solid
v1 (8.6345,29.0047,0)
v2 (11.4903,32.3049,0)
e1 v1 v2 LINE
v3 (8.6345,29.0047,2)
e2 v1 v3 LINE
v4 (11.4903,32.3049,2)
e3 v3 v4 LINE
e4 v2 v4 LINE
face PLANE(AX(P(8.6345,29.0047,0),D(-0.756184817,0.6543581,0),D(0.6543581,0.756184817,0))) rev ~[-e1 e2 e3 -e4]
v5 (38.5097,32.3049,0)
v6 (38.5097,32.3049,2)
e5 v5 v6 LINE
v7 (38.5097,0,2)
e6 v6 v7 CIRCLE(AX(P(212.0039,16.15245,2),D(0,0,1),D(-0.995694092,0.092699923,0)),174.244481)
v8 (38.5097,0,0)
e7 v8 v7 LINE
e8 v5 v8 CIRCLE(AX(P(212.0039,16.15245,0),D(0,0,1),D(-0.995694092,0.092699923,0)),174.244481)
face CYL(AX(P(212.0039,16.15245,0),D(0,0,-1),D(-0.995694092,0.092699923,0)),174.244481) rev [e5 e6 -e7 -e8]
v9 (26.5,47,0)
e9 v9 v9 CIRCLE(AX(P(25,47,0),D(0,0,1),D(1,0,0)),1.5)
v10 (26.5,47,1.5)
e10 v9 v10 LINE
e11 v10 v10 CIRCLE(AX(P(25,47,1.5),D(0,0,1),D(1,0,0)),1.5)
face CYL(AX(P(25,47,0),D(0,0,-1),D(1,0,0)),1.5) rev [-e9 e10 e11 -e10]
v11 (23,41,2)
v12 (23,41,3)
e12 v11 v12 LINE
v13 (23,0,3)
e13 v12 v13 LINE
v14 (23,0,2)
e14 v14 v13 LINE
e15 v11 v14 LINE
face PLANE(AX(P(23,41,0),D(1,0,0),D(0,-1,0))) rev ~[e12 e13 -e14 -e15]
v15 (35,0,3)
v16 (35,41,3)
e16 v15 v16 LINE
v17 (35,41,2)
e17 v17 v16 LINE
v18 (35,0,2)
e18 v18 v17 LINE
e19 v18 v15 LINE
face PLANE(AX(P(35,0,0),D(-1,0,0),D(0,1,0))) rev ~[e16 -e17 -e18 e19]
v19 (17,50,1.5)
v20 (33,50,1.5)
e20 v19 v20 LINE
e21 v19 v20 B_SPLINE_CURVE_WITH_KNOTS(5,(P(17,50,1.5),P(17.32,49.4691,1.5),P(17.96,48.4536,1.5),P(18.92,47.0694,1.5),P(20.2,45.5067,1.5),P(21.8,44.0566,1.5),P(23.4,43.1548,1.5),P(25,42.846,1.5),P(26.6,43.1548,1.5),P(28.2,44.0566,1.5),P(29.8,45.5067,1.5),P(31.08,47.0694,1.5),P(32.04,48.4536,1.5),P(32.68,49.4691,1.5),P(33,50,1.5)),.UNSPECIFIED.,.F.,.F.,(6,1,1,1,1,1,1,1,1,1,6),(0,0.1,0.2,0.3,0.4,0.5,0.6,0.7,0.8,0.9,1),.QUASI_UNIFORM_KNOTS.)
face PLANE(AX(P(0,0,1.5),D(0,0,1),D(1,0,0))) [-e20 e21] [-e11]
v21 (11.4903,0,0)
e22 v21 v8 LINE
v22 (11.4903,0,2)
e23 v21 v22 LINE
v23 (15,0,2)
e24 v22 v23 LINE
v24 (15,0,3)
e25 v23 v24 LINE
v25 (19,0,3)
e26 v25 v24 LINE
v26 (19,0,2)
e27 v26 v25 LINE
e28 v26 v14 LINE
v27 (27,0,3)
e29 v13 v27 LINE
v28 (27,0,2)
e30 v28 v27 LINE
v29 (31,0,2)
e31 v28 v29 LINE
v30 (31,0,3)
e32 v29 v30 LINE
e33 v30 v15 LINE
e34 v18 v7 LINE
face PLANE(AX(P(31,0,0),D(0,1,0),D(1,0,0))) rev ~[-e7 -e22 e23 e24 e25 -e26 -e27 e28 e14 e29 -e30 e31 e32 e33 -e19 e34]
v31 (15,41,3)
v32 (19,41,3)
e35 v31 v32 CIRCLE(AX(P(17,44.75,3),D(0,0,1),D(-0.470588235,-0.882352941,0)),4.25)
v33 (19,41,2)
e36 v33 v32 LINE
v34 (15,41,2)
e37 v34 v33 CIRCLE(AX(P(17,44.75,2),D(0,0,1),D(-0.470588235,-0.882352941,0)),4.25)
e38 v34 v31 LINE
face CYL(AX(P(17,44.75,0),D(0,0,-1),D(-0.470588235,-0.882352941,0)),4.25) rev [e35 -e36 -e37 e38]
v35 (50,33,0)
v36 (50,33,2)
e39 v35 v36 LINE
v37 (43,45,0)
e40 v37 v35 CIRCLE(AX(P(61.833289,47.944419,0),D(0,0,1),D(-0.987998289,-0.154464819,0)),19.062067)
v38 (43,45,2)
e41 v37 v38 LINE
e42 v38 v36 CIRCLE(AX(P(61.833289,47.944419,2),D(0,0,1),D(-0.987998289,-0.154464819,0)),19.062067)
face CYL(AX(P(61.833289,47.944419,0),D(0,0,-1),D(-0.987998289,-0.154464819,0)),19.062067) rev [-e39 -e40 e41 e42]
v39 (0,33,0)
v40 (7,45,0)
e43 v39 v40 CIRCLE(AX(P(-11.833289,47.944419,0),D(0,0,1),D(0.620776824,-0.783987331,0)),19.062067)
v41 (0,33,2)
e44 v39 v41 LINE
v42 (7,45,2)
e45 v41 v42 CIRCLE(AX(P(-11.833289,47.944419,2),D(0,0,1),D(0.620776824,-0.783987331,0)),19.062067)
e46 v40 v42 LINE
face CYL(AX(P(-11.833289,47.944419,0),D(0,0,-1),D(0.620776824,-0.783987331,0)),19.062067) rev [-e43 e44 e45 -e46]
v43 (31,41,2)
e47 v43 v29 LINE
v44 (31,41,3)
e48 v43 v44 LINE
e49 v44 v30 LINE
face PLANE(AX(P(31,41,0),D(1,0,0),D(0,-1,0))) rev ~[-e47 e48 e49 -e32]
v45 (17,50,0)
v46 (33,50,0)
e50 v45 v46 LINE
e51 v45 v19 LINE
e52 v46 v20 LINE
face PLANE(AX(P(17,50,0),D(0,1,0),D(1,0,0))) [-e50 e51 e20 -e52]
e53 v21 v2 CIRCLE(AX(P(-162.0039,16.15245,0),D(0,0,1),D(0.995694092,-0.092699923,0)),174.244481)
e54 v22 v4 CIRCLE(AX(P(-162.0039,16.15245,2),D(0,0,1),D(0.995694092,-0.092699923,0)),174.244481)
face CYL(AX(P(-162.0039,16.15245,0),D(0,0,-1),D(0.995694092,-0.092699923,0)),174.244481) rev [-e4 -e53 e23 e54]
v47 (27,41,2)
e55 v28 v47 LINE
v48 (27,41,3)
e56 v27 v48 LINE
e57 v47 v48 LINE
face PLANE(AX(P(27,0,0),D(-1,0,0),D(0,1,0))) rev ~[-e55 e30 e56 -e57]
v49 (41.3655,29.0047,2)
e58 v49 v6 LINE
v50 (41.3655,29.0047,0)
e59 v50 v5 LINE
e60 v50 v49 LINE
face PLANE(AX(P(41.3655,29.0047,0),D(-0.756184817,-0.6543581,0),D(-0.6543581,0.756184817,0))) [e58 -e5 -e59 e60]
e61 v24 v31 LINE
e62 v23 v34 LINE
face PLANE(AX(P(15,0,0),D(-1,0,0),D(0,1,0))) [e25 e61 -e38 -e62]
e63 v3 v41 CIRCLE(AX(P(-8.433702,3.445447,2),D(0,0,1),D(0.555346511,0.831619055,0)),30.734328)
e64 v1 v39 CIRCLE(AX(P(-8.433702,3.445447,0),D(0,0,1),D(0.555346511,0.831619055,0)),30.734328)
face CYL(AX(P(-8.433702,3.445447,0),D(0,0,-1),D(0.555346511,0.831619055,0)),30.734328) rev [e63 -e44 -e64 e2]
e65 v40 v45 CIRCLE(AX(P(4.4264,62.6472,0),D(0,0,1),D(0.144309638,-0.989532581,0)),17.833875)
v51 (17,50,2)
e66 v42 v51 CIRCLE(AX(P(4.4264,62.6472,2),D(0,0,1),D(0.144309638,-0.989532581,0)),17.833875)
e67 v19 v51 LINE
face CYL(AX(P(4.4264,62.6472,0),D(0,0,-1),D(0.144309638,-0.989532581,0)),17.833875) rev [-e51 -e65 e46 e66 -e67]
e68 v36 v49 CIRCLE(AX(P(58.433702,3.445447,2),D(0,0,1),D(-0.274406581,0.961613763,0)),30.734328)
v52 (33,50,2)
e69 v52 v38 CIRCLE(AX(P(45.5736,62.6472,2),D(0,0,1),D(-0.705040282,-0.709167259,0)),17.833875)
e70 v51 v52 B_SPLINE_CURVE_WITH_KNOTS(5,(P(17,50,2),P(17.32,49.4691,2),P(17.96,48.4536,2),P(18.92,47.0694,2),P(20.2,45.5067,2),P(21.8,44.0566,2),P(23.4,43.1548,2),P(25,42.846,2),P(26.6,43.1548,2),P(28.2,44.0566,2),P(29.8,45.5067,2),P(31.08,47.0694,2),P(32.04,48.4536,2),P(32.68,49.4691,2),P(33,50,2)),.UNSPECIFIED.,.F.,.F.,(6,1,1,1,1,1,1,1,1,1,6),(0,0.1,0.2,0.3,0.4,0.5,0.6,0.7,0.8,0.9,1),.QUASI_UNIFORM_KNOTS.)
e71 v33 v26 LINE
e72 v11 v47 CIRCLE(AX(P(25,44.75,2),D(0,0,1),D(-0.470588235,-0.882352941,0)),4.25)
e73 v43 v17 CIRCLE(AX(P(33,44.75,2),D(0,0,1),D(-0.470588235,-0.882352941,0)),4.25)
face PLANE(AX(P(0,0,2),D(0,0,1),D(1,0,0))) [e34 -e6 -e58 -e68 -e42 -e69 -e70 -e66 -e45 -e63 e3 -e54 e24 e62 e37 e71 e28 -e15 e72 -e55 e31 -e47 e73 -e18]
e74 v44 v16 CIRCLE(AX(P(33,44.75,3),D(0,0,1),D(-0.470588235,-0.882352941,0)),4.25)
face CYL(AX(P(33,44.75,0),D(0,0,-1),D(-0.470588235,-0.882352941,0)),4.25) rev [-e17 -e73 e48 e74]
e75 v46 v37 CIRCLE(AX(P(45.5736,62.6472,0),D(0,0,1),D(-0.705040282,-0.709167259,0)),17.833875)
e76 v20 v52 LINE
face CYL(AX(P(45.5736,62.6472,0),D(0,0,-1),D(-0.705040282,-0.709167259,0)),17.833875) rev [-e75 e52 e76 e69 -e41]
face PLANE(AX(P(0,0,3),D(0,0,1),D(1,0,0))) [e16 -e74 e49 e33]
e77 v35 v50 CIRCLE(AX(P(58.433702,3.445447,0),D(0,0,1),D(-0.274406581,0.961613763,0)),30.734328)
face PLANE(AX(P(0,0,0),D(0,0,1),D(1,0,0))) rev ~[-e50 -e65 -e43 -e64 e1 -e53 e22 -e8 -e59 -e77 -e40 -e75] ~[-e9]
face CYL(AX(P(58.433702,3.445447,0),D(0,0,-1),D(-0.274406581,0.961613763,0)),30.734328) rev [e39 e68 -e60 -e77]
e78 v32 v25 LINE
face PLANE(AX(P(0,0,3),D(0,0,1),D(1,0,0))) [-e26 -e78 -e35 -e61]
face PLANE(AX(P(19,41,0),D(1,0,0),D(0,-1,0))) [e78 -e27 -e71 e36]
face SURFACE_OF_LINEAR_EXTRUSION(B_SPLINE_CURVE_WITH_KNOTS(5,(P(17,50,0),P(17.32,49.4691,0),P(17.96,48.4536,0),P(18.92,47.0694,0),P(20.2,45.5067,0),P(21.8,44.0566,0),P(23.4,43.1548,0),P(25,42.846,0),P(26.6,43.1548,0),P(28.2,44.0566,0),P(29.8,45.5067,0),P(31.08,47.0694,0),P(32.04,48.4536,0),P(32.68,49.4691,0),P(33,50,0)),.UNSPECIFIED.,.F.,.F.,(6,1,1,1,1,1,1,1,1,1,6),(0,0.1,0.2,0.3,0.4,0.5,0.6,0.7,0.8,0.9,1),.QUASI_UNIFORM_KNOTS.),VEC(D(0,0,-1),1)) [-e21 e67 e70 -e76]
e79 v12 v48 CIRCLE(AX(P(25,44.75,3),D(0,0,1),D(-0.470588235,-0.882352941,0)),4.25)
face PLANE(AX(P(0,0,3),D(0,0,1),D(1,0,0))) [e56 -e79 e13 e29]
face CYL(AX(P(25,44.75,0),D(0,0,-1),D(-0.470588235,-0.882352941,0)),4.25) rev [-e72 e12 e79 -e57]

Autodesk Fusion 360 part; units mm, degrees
sketch "Boceto1" plane through (0, 0, 0) normal (0, 0, 1) x (1, 0, 0)
  spline S0 degree 5 poles (17, 50) (17.32, 49.4691) (17.96, 48.4536) (18.92, 47.0694) (20.2, 45.5067) (21.8, 44.0566) (23.4, 43.1548) (25, 42.846) (26.6, 43.1548) (28.2, 44.0566) (29.8, 45.5067) (31.08, 47.0694) (32.04, 48.4536) (32.68, 49.4691) (33, 50) knots 0 0 0 0 0 0 0.1 0.2 0.3 0.4 0.5 0.6 0.7 0.8 0.9 1 1 1 1 1 1
  line L0 (25, 43) -> (25, 0) construction
  arc A0 (7, 45) -> (17, 50) centre (4.4264, 62.6472) ccw
  arc A1 (0, 33) -> (7, 45) centre (-11.8333, 47.9444) ccw
  arc A2 (8.6345, 29.0047) -> (0, 33) centre (-8.4336, 3.4454) ccw
  line L1 (8.6345, 29.0047) -> (11.4903, 32.3049)
  arc A3 (11.4903, 0) -> (11.4903, 32.3049) centre (-162.0039, 16.1524) ccw
  arc A4 (33, 50) -> (43, 45) centre (45.5736, 62.6472) ccw
  arc A5 (43, 45) -> (50, 33) centre (61.8333, 47.9444) ccw
  arc A6 (50, 33) -> (41.3655, 29.0047) centre (58.4336, 3.4454) ccw
  line L2 (41.3655, 29.0047) -> (38.5097, 32.3049)
  arc A7 (38.5097, 32.3049) -> (38.5097, 0) centre (212.0039, 16.1524) ccw
  line L3 (17, 50) -> (33, 50)
  circle A8 centre (25, 47) radius 1.5
  line L4 (18, 0) -> (15, 0)
  line L5 (19, 41) -> (19, 0)
  line L6 (19, 0) -> (15, 0)
  line L7 (15, 0) -> (15, 41)
  line L8 (23, 41) -> (23, 0)
  line L9 (23, 0) -> (27, 0)
  line L10 (27, 0) -> (27, 41)
  line L11 (31, 41) -> (31, 0)
  line L12 (31, 0) -> (35, 0)
  line L13 (35, 0) -> (35, 41)
  arc A9 (23, 41) -> (27, 41) centre (25, 44.75) ccw
  arc A10 (15, 41) -> (19, 41) centre (17, 44.75) ccw
  arc A11 (31, 41) -> (35, 41) centre (33, 44.75) ccw
  line L14 (11.4903, 0) -> (38.5097, 0)
  point P0 (25, 43)
  dimension "d10" = 3
  dimension "d11" = 4
  dimension "d12" = 4
  dimension "d15" = 4
  dimension "d16" = 4
  dimension "d17" = 4
  dimension "d18" = 174.2445
  dimension "d19" = 19.0621
  dimension "d20" = 30.7343
  dimension "d21" = 17.8339
  dimension "d22" = 4.25
  dimension "d23" = 2
  dimension "d24" = 1
  dimension "d25" = 8.4336
  dimension "d26" = 3.4454
  dimension "d27" = 33.4336
  dimension "d28" = 46.5546
  dimension "d29" = 43.5546
  dimension "d30" = 39.5546
  dimension "d31" = 40.871
  dimension "d32" = 220.4376
  dimension "d33" = 70.267
  dimension "d34" = 59.2018
  dimension "d35" = 49.7991
extrude "Extruir1" add sketch "Boceto1" along normal blind 2 contours S0 A0 A1 A2 L1 A3 A4 A5 A6 L2 A7 L5 L7 L8 L10 L11 L13 A9 A10 A11 L14
extrude "Extruir2" add sketch "Boceto1" along normal blind 3 contours L4 L5 L6 L7 A10 L14
extrude "Extruir3" add sketch "Boceto1" along normal blind 3 contours L8 L9 L10 A9 L14
extrude "Extruir4" add sketch "Boceto1" along normal blind 3 contours L11 L12 L13 A11 L14
extrude "Extruir5" add sketch "Boceto1" along normal blind 1.5 contours S0 L3
